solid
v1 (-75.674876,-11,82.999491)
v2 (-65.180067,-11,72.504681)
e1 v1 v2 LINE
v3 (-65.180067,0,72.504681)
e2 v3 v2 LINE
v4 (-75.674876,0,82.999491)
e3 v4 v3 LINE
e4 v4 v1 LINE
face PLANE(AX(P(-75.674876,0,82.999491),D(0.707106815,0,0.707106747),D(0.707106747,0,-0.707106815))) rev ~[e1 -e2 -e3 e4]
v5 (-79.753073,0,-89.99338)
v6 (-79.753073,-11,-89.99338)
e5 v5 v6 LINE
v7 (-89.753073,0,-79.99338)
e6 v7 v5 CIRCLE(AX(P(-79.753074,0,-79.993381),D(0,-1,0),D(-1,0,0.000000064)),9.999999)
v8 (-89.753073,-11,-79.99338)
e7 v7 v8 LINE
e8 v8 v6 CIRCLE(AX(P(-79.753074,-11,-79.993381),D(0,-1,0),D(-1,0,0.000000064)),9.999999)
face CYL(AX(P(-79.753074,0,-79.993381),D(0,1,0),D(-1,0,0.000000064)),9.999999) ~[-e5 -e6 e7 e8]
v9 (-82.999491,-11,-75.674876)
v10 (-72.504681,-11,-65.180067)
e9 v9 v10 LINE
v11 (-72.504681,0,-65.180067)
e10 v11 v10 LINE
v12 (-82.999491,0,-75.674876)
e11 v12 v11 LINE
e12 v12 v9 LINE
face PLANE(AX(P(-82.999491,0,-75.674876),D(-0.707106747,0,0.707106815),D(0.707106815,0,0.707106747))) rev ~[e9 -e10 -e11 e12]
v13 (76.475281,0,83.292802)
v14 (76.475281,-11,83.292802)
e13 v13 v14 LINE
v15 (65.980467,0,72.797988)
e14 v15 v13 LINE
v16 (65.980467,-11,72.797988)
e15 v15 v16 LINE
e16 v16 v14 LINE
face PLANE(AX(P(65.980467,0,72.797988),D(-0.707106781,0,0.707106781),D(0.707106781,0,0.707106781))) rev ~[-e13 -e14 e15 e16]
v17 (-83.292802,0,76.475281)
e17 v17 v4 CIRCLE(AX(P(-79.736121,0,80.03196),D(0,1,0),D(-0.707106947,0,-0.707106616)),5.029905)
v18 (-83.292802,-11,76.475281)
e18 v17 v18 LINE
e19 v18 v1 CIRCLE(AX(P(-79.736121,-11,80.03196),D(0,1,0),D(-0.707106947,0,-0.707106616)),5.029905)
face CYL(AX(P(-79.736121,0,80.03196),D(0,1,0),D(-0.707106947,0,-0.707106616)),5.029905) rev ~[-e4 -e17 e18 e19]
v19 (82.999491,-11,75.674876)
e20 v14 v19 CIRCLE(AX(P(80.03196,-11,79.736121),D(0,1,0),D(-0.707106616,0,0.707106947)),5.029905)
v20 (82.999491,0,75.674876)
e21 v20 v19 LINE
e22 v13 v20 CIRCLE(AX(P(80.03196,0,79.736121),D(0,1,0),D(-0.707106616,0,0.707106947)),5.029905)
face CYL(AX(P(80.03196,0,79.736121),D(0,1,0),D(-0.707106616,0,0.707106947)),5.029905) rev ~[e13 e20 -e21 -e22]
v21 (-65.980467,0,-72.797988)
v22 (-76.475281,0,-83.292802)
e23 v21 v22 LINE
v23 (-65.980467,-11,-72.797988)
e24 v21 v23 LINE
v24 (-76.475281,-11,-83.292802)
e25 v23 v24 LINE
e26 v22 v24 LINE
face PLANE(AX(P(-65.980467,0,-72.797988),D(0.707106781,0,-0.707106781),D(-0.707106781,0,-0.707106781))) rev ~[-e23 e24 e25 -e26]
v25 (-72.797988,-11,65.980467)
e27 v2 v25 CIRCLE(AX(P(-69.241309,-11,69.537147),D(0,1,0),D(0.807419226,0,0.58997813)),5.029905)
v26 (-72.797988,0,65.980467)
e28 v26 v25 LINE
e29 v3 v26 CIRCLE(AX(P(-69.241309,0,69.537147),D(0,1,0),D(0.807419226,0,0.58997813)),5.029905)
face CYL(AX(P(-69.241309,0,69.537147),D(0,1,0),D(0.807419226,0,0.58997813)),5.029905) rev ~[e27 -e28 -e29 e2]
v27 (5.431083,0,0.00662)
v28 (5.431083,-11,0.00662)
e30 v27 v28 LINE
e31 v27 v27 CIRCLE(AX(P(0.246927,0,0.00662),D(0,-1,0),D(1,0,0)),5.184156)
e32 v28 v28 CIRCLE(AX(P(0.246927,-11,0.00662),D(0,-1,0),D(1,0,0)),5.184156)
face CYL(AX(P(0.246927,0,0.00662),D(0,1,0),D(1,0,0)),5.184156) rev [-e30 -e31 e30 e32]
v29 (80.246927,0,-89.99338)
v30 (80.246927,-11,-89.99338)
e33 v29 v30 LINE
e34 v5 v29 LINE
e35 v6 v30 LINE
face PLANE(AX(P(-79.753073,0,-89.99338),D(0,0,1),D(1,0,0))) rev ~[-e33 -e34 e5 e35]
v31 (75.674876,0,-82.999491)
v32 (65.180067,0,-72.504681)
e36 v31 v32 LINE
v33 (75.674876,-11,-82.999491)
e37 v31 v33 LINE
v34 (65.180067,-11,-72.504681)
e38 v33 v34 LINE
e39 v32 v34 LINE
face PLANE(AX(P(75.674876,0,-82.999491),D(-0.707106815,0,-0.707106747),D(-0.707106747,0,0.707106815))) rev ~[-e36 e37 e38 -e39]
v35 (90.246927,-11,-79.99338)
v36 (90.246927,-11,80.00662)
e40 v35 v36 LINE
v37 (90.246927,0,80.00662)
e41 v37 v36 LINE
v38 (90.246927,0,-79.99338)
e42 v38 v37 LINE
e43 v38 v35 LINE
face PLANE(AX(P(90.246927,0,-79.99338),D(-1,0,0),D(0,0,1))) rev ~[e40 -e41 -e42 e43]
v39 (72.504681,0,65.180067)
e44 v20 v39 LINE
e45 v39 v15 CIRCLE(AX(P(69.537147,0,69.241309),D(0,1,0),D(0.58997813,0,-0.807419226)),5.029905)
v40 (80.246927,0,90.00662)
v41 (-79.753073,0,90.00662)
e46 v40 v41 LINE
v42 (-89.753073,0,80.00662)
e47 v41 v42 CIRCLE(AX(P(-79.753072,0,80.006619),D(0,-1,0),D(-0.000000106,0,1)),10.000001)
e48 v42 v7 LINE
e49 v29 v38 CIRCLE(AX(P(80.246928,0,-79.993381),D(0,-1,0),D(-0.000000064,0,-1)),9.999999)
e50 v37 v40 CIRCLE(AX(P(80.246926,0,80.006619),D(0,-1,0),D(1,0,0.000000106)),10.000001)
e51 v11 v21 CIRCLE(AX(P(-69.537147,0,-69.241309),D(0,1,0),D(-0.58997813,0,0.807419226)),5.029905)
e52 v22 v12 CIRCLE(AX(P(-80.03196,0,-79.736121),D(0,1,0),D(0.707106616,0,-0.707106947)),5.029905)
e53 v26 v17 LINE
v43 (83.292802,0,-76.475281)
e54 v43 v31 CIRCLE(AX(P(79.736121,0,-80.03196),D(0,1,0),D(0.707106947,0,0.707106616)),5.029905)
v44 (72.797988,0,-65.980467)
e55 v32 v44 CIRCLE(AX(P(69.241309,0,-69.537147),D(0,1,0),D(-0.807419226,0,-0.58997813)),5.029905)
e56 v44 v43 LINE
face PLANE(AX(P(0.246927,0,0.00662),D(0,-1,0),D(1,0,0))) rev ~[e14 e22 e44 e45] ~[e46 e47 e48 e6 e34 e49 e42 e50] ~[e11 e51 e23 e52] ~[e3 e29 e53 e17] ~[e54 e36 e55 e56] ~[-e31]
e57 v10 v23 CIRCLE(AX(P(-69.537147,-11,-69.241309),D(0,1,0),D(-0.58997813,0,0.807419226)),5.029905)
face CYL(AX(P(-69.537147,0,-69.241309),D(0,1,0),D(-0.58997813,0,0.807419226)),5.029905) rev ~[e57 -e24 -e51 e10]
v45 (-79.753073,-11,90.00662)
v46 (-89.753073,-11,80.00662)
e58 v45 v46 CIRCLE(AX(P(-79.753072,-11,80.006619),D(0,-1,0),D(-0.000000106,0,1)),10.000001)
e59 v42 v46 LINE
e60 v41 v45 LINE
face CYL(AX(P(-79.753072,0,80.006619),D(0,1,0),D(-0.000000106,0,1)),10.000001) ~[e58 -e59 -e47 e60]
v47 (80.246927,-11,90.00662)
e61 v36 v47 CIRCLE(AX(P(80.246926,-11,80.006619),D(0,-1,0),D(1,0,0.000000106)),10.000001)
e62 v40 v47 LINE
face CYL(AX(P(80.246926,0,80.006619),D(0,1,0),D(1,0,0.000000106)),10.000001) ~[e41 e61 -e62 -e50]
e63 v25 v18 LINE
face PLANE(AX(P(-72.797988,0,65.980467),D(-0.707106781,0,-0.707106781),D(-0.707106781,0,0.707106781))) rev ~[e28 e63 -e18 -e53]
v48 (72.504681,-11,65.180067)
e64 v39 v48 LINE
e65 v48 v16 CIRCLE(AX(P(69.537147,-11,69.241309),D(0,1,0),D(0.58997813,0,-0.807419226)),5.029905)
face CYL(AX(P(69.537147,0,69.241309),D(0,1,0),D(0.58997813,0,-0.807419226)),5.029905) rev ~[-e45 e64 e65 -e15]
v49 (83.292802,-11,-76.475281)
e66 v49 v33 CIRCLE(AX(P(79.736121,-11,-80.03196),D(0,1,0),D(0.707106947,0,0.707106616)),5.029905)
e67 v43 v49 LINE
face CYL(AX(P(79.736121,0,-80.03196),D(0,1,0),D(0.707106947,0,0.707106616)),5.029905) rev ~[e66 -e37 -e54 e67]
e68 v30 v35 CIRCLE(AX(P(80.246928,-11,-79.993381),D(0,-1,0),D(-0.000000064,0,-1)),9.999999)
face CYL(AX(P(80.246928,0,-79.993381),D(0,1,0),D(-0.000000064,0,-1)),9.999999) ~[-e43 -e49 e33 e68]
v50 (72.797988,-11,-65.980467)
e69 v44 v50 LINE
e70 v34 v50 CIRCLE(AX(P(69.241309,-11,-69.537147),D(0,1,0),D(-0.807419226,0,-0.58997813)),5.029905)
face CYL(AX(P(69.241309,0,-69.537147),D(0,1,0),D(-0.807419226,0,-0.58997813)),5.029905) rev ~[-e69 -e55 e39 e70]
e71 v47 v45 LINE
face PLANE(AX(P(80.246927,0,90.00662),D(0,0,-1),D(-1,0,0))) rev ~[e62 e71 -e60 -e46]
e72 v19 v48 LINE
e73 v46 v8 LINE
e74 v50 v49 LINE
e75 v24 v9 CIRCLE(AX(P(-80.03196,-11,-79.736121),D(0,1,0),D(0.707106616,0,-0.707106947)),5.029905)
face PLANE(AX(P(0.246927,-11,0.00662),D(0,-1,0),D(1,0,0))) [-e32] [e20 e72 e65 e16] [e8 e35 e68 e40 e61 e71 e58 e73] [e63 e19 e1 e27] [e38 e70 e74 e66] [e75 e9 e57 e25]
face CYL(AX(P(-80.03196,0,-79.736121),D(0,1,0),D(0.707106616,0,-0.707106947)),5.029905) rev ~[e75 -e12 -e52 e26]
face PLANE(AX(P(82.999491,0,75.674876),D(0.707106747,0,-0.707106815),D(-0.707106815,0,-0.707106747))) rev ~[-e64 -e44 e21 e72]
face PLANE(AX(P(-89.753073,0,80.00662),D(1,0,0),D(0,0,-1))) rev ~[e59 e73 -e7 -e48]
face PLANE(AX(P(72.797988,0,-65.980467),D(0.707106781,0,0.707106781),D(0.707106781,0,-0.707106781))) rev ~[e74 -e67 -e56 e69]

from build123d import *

# Parameters (mm, degrees)
F0_R     = 5.184156
F1_DEPTH = 11


with BuildPart() as f1:
    # F0 (on Front) → F1 (new body)
    with BuildSketch(Plane.XZ):
        with BuildLine():
            Line((80.246927, 90.00662), (-79.753073, 90.00662))
            ThreePointArc((-79.753073, 90.00662), (-86.824141, 87.077687), (-89.753073, 80.00662))
            Line((-89.753073, 80.00662), (-89.753073, -79.99338))
            ThreePointArc((-89.753073, -79.99338), (-86.824141, -87.064448), (-79.753073, -89.99338))
            Line((-79.753073, -89.99338), (80.246927, -89.99338))
            ThreePointArc((80.246927, -89.99338), (87.317995, -87.064448), (90.246927, -79.99338))
            Line((90.246927, -79.99338), (90.246927, 80.00662))
            ThreePointArc((90.246927, 80.00662), (87.317995, 87.077687), (80.246927, 90.00662))
        make_face()
        with BuildLine():
            Line((-65.980467, -72.797988), (-76.475281, -83.292802))
            ThreePointArc((-76.475281, -83.292802), (-83.852297, -83.007967), (-82.999491, -75.674876))
            Line((-82.999491, -75.674876), (-72.504681, -65.180067))
            ThreePointArc((-72.504681, -65.180067), (-65.716813, -65.969461), (-65.980467, -72.797988))
        make_face(mode=Mode.SUBTRACT)
        with BuildLine():
            Line((72.797988, -65.980467), (83.292802, -76.475281))
            ThreePointArc((83.292802, -76.475281), (83.007967, -83.852297), (75.674876, -82.999491))
            Line((75.674876, -82.999491), (65.180067, -72.504681))
            ThreePointArc((65.180067, -72.504681), (65.969461, -65.716813), (72.797988, -65.980467))
        make_face(mode=Mode.SUBTRACT)
        with Locations((0.246927, 0.00662)):
            Circle(F0_R, mode=Mode.SUBTRACT)
        with BuildLine():
            Line((-72.797988, 65.980467), (-83.292802, 76.475281))
            ThreePointArc((-83.292802, 76.475281), (-83.007967, 83.852297), (-75.674876, 82.999491))
            Line((-75.674876, 82.999491), (-65.180067, 72.504681))
            ThreePointArc((-65.180067, 72.504681), (-65.969461, 65.716813), (-72.797988, 65.980467))
        make_face(mode=Mode.SUBTRACT)
        with BuildLine():
            Line((65.980467, 72.797988), (76.475281, 83.292802))
            ThreePointArc((76.475281, 83.292802), (83.852297, 83.007967), (82.999491, 75.674876))
            Line((82.999491, 75.674876), (72.504681, 65.180067))
            ThreePointArc((72.504681, 65.180067), (65.716813, 65.969461), (65.980467, 72.797988))
        make_face(mode=Mode.SUBTRACT)
    extrude(amount=F1_DEPTH)


solid = f1.part
